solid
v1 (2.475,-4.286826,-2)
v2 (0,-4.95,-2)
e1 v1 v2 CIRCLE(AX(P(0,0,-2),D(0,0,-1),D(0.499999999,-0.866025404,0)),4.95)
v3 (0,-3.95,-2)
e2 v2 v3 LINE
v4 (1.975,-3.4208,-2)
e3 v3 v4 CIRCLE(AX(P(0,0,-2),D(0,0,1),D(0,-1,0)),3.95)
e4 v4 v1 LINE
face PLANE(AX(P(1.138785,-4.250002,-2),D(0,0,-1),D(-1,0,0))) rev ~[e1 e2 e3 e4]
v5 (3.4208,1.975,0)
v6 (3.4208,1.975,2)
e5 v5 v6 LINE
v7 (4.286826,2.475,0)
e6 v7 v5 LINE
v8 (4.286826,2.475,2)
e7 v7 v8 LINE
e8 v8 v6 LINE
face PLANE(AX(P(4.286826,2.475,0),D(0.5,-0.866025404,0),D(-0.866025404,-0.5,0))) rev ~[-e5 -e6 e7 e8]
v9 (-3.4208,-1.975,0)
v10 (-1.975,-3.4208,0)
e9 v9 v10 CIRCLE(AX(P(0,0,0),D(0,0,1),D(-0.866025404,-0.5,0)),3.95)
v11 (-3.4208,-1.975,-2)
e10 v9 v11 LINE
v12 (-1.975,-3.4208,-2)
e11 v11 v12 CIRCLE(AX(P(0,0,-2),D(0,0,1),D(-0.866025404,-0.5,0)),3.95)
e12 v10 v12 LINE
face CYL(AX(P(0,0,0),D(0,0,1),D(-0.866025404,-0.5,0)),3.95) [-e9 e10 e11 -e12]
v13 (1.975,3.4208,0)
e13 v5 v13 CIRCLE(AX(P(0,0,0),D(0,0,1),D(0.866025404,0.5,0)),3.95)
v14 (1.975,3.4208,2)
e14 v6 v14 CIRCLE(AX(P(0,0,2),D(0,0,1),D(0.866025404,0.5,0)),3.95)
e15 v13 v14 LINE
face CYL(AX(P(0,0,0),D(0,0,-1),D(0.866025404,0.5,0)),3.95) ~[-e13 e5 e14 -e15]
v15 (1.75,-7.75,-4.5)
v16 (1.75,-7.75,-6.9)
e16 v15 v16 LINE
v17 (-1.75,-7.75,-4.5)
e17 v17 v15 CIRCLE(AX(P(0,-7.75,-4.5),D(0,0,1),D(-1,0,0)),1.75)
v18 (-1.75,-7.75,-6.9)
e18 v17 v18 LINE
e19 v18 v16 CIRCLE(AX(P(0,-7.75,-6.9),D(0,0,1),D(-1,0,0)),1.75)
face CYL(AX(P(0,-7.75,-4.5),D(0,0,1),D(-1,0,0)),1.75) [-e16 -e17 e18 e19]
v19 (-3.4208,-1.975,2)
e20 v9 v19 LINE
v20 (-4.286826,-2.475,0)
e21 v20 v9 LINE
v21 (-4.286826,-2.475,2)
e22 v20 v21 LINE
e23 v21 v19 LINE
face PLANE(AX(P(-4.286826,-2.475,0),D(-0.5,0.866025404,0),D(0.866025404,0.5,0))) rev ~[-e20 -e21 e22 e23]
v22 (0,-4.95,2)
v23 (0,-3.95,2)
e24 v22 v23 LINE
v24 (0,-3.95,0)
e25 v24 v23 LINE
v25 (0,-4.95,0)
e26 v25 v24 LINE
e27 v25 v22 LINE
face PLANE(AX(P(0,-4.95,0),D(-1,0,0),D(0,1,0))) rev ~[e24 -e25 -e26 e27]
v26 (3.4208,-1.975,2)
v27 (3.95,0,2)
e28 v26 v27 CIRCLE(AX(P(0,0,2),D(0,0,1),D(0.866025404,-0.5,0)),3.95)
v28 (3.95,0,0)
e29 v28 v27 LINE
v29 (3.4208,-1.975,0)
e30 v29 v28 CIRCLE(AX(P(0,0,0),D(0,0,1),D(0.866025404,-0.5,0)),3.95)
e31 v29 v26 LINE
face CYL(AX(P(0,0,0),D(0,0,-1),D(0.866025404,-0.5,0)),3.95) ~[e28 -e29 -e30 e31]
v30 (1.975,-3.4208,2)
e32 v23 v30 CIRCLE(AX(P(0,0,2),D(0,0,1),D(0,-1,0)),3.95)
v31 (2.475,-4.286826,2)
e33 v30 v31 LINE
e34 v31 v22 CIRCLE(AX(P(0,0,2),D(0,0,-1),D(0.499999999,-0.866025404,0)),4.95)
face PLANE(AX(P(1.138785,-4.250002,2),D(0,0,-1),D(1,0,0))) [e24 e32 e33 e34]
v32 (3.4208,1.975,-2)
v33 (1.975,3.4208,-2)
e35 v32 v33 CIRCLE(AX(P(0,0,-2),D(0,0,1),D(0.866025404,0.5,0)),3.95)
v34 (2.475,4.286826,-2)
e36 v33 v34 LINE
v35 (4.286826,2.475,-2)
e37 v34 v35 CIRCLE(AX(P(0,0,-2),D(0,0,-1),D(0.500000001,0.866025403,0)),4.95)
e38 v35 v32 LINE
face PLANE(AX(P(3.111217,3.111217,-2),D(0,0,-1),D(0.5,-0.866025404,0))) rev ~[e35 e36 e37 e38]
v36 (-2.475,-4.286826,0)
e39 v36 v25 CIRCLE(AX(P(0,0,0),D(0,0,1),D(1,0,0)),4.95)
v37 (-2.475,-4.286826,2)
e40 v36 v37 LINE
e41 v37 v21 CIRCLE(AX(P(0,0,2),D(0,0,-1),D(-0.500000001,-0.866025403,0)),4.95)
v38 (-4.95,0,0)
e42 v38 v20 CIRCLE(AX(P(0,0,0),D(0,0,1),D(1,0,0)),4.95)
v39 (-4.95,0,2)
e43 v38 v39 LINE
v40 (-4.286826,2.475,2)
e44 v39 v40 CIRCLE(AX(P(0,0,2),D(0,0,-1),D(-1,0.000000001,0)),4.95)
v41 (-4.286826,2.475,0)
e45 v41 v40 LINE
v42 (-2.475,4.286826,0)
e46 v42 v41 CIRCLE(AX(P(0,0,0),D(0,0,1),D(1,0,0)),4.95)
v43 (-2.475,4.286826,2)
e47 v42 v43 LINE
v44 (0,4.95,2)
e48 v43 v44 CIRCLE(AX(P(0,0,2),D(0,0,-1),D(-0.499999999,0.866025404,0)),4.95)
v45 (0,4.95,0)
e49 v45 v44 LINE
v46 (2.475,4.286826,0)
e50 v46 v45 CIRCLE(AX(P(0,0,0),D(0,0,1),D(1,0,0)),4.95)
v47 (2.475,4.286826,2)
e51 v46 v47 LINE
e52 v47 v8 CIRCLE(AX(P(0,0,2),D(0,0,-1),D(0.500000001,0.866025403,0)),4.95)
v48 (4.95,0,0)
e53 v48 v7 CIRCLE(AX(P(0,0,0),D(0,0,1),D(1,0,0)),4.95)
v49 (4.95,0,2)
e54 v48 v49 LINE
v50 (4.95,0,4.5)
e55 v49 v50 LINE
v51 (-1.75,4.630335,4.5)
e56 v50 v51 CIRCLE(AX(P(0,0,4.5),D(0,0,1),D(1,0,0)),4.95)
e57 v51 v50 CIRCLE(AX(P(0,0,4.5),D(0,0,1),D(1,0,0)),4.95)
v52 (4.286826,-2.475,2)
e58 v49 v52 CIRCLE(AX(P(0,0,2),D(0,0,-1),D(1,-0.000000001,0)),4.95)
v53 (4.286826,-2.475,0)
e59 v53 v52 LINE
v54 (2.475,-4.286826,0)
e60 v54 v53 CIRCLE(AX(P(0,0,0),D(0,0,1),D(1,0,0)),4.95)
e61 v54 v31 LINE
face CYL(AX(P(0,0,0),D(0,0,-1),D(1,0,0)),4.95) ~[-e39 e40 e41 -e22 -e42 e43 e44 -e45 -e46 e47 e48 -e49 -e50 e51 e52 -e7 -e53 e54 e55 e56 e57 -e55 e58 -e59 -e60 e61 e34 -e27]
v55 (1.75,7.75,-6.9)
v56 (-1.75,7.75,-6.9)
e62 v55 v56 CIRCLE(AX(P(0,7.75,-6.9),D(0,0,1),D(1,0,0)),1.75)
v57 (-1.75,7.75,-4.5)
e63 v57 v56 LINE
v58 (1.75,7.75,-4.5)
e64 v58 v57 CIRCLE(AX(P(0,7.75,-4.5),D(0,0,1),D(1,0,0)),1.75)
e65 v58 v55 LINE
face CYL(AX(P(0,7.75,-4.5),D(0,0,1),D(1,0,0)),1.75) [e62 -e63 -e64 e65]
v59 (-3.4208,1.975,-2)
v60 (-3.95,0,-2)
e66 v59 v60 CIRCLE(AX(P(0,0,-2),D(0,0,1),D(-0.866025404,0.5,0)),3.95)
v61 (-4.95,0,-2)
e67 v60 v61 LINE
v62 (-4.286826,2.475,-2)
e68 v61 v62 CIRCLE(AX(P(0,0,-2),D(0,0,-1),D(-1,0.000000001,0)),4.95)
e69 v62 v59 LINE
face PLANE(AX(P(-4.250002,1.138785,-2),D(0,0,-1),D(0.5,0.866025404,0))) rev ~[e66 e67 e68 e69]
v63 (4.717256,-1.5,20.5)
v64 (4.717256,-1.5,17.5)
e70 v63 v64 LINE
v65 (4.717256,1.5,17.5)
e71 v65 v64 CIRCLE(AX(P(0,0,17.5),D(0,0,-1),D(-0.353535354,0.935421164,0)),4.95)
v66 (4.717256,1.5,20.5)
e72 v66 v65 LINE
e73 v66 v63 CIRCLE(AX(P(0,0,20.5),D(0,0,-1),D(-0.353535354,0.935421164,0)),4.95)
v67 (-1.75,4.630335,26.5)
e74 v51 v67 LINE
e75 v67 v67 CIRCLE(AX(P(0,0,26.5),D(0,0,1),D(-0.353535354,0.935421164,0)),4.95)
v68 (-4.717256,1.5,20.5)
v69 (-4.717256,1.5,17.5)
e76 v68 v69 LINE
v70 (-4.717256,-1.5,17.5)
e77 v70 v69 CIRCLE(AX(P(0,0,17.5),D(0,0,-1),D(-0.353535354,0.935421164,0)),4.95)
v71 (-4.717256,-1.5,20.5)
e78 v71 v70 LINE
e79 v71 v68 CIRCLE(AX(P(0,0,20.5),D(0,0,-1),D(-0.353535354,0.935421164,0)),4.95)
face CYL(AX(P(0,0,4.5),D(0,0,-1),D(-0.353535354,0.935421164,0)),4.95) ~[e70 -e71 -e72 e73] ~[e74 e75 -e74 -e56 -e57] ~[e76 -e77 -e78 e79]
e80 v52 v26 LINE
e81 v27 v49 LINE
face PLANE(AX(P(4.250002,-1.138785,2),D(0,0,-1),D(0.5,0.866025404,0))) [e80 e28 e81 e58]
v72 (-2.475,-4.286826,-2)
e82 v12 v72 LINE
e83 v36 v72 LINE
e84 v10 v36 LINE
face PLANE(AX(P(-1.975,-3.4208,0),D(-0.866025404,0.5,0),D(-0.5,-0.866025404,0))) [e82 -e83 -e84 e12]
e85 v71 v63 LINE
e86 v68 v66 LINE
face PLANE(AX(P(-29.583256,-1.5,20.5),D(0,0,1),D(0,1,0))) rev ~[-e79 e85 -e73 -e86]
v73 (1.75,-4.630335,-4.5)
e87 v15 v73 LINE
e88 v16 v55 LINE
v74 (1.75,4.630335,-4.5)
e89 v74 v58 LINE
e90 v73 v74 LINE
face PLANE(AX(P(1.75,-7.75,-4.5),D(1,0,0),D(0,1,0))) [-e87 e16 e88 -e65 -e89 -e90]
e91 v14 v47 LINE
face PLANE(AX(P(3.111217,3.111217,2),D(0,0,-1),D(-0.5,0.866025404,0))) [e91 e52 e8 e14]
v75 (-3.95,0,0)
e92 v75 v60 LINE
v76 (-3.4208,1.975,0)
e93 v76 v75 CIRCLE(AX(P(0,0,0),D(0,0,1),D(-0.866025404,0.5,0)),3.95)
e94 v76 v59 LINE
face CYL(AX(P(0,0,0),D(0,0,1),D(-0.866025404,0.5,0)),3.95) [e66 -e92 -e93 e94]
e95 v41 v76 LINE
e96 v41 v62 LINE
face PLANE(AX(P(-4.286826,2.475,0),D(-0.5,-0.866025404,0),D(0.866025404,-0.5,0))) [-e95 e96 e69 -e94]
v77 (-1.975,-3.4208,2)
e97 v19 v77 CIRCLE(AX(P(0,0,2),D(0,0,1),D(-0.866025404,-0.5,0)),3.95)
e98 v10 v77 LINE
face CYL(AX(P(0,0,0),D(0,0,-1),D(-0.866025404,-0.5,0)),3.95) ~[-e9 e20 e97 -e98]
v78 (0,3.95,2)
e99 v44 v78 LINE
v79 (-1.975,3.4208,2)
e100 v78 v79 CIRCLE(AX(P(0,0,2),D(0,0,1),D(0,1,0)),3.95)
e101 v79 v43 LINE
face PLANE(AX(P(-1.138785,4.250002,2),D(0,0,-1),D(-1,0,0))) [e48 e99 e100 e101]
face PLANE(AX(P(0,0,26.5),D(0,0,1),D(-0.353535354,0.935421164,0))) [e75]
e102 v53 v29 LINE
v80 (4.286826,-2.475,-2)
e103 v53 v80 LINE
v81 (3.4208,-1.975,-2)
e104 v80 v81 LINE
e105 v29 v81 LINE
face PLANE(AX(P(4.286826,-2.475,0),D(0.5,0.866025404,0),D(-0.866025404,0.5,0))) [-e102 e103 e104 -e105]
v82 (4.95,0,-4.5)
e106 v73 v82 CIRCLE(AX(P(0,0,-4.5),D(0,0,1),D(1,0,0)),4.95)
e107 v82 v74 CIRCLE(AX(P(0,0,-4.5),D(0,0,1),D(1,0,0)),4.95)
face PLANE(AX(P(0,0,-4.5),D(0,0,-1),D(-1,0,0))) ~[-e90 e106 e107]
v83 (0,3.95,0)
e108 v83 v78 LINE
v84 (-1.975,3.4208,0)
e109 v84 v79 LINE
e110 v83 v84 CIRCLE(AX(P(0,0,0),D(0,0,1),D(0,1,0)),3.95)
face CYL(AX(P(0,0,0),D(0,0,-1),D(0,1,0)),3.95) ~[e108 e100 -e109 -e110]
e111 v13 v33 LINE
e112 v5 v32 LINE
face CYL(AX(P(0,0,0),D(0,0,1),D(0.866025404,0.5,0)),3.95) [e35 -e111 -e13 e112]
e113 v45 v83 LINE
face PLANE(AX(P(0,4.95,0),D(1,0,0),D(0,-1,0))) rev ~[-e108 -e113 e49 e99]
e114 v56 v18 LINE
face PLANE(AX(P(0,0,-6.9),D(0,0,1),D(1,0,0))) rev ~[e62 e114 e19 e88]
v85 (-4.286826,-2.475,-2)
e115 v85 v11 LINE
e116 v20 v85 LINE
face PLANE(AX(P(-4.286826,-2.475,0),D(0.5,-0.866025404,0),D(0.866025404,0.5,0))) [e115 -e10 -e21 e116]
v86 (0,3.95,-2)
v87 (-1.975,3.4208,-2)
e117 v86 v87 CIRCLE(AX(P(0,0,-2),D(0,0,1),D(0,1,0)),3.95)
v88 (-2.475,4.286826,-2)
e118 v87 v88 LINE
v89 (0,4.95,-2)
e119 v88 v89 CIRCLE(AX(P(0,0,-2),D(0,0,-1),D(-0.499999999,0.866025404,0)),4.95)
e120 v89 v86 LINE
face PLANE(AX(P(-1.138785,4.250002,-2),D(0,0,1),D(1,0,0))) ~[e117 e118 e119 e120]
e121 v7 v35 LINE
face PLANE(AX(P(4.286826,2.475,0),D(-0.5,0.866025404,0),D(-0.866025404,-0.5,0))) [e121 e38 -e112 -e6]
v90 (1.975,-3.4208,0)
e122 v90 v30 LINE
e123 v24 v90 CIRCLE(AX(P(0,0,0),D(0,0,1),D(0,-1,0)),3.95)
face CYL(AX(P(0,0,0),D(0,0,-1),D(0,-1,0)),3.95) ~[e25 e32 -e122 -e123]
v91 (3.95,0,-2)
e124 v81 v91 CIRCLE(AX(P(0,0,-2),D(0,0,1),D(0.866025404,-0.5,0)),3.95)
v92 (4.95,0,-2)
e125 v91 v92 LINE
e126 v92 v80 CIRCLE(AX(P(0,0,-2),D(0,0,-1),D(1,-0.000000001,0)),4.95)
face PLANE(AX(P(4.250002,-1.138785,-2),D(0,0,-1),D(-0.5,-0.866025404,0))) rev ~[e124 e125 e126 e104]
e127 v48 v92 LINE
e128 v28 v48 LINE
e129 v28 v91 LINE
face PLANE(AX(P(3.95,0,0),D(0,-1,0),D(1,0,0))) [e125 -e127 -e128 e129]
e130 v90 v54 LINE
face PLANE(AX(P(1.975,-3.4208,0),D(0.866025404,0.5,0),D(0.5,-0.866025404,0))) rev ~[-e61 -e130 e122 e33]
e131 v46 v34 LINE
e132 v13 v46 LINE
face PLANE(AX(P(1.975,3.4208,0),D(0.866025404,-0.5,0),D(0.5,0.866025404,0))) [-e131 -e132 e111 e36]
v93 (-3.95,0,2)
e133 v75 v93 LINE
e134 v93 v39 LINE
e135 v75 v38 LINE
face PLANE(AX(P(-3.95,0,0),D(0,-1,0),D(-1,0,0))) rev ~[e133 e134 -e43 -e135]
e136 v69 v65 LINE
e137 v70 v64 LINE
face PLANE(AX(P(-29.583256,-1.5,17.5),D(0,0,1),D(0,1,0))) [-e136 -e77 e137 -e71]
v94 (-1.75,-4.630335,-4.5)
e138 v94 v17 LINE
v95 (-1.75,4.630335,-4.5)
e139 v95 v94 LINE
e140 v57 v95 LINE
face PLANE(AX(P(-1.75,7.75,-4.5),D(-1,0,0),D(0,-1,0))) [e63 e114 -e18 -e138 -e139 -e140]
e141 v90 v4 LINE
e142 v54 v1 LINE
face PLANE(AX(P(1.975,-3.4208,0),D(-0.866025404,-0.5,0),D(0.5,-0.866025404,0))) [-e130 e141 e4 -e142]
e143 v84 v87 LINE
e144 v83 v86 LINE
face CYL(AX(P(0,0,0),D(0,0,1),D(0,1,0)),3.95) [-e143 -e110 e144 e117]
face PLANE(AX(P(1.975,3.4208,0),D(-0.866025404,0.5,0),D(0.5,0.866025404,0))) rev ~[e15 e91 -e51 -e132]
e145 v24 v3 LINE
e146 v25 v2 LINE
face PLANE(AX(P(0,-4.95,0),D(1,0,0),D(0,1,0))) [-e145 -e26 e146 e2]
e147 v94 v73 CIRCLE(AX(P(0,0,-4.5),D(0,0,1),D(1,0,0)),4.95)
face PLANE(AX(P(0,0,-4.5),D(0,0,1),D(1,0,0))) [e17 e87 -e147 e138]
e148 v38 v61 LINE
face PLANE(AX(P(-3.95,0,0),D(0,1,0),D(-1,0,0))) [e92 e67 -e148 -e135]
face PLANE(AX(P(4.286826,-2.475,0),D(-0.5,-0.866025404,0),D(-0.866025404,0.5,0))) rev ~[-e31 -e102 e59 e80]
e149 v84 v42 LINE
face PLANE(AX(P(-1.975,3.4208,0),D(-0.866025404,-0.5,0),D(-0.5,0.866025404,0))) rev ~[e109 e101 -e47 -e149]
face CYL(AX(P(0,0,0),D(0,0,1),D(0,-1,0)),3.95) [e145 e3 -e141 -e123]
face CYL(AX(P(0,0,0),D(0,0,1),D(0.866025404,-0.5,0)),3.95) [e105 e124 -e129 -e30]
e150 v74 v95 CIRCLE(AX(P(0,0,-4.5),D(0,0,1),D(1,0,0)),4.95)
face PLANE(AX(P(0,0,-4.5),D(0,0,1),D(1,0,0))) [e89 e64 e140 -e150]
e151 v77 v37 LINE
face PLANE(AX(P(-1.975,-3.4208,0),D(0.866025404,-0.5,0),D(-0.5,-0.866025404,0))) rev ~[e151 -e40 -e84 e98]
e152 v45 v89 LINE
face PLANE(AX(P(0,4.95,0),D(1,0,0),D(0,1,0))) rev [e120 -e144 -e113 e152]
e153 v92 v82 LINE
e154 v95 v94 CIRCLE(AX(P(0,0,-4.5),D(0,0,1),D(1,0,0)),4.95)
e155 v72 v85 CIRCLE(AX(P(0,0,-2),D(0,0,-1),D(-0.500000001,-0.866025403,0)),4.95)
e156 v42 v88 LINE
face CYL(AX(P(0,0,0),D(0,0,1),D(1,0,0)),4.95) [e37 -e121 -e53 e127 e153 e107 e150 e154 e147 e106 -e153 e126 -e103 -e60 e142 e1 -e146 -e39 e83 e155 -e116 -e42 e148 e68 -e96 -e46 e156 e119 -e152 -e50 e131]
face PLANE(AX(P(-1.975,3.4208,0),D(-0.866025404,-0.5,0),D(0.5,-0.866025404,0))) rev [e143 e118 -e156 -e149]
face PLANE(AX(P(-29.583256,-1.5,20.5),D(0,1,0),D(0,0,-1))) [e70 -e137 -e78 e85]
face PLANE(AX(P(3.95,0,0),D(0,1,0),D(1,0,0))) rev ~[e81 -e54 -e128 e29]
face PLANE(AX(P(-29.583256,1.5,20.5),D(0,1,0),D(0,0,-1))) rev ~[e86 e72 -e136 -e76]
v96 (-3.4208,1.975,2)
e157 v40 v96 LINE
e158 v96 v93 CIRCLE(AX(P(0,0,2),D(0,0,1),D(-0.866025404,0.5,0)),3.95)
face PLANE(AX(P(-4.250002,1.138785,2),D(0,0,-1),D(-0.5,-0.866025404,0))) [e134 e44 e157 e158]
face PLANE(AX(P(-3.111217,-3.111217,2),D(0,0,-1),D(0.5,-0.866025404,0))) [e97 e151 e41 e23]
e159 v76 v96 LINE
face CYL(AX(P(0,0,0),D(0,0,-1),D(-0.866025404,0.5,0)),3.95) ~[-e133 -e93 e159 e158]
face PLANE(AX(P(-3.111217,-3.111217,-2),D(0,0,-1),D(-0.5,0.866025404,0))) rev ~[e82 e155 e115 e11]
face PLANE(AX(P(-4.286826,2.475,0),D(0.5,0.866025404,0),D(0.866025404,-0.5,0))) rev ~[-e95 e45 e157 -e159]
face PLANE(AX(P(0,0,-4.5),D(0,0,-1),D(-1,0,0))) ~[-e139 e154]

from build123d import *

# Parameters (mm, degrees)
SKETCH_1_R               = 4.95
EXTRUDE_1_DEPTH          = 4.5
CUT_EXTRUDE_1_DEPTH      = 2
PATTERN_CIRCULAR_1_COUNT = 6
MIRROR_1_COPY_1_DEPTH    = 2
MIRROR_1_COPY_2_DEPTH    = 2
MIRROR_1_COPY_3_DEPTH    = 2
MIRROR_1_COPY_4_DEPTH    = 2
MIRROR_1_COPY_5_DEPTH    = 2
EXTRUDE_2_DEPTH          = 2.4
SKETCH_5_R               = 4.95
EXTRUDE_3_DEPTH          = 22
CUT_EXTRUDE_2_DEPTH      = 29.583255588
CUT_EXTRUDE_2_DEPTH_BACK = 29.583255588
SKETCH_6_W               = 3
SKETCH_6_H               = 3


with BuildPart() as part:
    # 草图1 → 凸台-拉伸1 (new body)
    with BuildSketch(Plane.XY):
        Circle(SKETCH_1_R)
    extrude_1 = extrude(amount=EXTRUDE_1_DEPTH)

    # 草图2 → 切除-拉伸1 (cut)
    with BuildSketch(Plane(origin=(0, 0, 0), x_dir=(-1, 0, 0), z_dir=(0, 0, -1))):
        with BuildLine():
            Line((0, 4.95), (0, 3.95))
            ThreePointArc((0, 3.95), (1.022335228, 3.815407014), (1.975, 3.420800345))
            Line((1.975, 3.420800345), (2.475, 4.286825749))
            ThreePointArc((2.475, 4.286825749), (1.281154273, 4.78133284), (0, 4.95))
        make_face()
    cut_extrude_1 = extrude(amount=-CUT_EXTRUDE_1_DEPTH, mode=Mode.SUBTRACT)

    # 阵列(圆周)1: 切除-拉伸1 ×6 about axis
    pattern_circular_1_axis = Axis((0, 0, 0), (0, 0, 1))
    for i in range(1, PATTERN_CIRCULAR_1_COUNT):
        add(cut_extrude_1.rotate(pattern_circular_1_axis, i * 360 / PATTERN_CIRCULAR_1_COUNT), mode=Mode.SUBTRACT)

    # 镜向1: 凸台-拉伸1, 切除-拉伸1 across plane
    add(extrude_1.mirror(Plane.XY))
    add(cut_extrude_1.mirror(Plane.XY), mode=Mode.SUBTRACT)

    # 镜向1 copy 1 sketch → 镜向1 copy 1 (cut)
    with BuildSketch(Plane(origin=(0, 0, 0), x_dir=(-0.5000000000000001, -0.8660254037844386, 0), z_dir=(0, 0, 1))):
        with BuildLine():
            Line((0, -4.95), (0, -3.95))
            ThreePointArc((0, -3.95), (1.022335228, -3.815407014), (1.975, -3.420800345))
            Line((1.975, -3.420800345), (2.475, -4.286825749))
            ThreePointArc((2.475, -4.286825749), (1.281154273, -4.78133284), (0, -4.95))
        make_face()
    extrude(amount=-MIRROR_1_COPY_1_DEPTH, mode=Mode.SUBTRACT)

    # 镜向1 copy 2 sketch → 镜向1 copy 2 (cut)
    with BuildSketch(Plane(origin=(0, 0, 0), x_dir=(0.4999999999999998, -0.8660254037844387, 0), z_dir=(0, 0, 1))):
        with BuildLine():
            Line((0, -4.95), (0, -3.95))
            ThreePointArc((0, -3.95), (1.022335228, -3.815407014), (1.975, -3.420800345))
            Line((1.975, -3.420800345), (2.475, -4.286825749))
            ThreePointArc((2.475, -4.286825749), (1.281154273, -4.78133284), (0, -4.95))
        make_face()
    extrude(amount=-MIRROR_1_COPY_2_DEPTH, mode=Mode.SUBTRACT)

    # 镜向1 copy 3 sketch → 镜向1 copy 3 (cut)
    with BuildSketch(Plane.XY):
        with BuildLine():
            Line((0, -4.95), (0, -3.95))
            ThreePointArc((0, -3.95), (1.022335228, -3.815407014), (1.975, -3.420800345))
            Line((1.975, -3.420800345), (2.475, -4.286825749))
            ThreePointArc((2.475, -4.286825749), (1.281154273, -4.78133284), (0, -4.95))
        make_face()
    extrude(amount=-MIRROR_1_COPY_3_DEPTH, mode=Mode.SUBTRACT)

    # 镜向1 copy 4 sketch → 镜向1 copy 4 (cut)
    with BuildSketch(Plane(origin=(0, 0, 0), x_dir=(0.5000000000000004, 0.8660254037844384, 0), z_dir=(0, 0, 1))):
        with BuildLine():
            Line((0, -4.95), (0, -3.95))
            ThreePointArc((0, -3.95), (1.022335228, -3.815407014), (1.975, -3.420800345))
            Line((1.975, -3.420800345), (2.475, -4.286825749))
            ThreePointArc((2.475, -4.286825749), (1.281154273, -4.78133284), (0, -4.95))
        make_face()
    extrude(amount=-MIRROR_1_COPY_4_DEPTH, mode=Mode.SUBTRACT)

    # 镜向1 copy 5 sketch → 镜向1 copy 5 (cut)
    with BuildSketch(Plane(origin=(0, 0, 0), x_dir=(-0.5000000000000001, 0.8660254037844386, 0), z_dir=(0, 0, 1))):
        with BuildLine():
            Line((0, -4.95), (0, -3.95))
            ThreePointArc((0, -3.95), (1.022335228, -3.815407014), (1.975, -3.420800345))
            Line((1.975, -3.420800345), (2.475, -4.286825749))
            ThreePointArc((2.475, -4.286825749), (1.281154273, -4.78133284), (0, -4.95))
        make_face()
    extrude(amount=-MIRROR_1_COPY_5_DEPTH, mode=Mode.SUBTRACT)

    # 草图3 → 凸台-拉伸2 (add)
    with BuildSketch(Plane(origin=(0, 0, -4.5), x_dir=(-1, 0, 0), z_dir=(0, 0, -1))):
        with BuildLine():
            Line((1.75, 7.75), (1.75, -7.75))
            ThreePointArc((1.75, -7.75), (0, -9.5), (-1.75, -7.75))
            Line((-1.75, -7.75), (-1.75, 7.75))
            ThreePointArc((-1.75, 7.75), (0, 9.5), (1.75, 7.75))
        make_face()
    extrude(amount=EXTRUDE_2_DEPTH)

    # 草图5 → 凸台-拉伸3 (add)
    with BuildSketch(Plane.XY.offset(4.5)):
        with Locations(Location((0, 0, 0), (0, 0, 110.703706257))):
            Circle(SKETCH_5_R)
    extrude(amount=EXTRUDE_3_DEPTH)

    # 草图6 → 切除-拉伸2 (cut, two sides: drawn at the far end of the back side and taken through both)
    with BuildSketch(Plane(origin=(0, 0, 0), x_dir=(0, 0, -1), z_dir=(1, 0, 0)).offset(-CUT_EXTRUDE_2_DEPTH_BACK)):
        with Locations((-19, 0)):
            Rectangle(SKETCH_6_W, SKETCH_6_H)
    extrude(amount=CUT_EXTRUDE_2_DEPTH + CUT_EXTRUDE_2_DEPTH_BACK, mode=Mode.SUBTRACT)


solid = part.part
